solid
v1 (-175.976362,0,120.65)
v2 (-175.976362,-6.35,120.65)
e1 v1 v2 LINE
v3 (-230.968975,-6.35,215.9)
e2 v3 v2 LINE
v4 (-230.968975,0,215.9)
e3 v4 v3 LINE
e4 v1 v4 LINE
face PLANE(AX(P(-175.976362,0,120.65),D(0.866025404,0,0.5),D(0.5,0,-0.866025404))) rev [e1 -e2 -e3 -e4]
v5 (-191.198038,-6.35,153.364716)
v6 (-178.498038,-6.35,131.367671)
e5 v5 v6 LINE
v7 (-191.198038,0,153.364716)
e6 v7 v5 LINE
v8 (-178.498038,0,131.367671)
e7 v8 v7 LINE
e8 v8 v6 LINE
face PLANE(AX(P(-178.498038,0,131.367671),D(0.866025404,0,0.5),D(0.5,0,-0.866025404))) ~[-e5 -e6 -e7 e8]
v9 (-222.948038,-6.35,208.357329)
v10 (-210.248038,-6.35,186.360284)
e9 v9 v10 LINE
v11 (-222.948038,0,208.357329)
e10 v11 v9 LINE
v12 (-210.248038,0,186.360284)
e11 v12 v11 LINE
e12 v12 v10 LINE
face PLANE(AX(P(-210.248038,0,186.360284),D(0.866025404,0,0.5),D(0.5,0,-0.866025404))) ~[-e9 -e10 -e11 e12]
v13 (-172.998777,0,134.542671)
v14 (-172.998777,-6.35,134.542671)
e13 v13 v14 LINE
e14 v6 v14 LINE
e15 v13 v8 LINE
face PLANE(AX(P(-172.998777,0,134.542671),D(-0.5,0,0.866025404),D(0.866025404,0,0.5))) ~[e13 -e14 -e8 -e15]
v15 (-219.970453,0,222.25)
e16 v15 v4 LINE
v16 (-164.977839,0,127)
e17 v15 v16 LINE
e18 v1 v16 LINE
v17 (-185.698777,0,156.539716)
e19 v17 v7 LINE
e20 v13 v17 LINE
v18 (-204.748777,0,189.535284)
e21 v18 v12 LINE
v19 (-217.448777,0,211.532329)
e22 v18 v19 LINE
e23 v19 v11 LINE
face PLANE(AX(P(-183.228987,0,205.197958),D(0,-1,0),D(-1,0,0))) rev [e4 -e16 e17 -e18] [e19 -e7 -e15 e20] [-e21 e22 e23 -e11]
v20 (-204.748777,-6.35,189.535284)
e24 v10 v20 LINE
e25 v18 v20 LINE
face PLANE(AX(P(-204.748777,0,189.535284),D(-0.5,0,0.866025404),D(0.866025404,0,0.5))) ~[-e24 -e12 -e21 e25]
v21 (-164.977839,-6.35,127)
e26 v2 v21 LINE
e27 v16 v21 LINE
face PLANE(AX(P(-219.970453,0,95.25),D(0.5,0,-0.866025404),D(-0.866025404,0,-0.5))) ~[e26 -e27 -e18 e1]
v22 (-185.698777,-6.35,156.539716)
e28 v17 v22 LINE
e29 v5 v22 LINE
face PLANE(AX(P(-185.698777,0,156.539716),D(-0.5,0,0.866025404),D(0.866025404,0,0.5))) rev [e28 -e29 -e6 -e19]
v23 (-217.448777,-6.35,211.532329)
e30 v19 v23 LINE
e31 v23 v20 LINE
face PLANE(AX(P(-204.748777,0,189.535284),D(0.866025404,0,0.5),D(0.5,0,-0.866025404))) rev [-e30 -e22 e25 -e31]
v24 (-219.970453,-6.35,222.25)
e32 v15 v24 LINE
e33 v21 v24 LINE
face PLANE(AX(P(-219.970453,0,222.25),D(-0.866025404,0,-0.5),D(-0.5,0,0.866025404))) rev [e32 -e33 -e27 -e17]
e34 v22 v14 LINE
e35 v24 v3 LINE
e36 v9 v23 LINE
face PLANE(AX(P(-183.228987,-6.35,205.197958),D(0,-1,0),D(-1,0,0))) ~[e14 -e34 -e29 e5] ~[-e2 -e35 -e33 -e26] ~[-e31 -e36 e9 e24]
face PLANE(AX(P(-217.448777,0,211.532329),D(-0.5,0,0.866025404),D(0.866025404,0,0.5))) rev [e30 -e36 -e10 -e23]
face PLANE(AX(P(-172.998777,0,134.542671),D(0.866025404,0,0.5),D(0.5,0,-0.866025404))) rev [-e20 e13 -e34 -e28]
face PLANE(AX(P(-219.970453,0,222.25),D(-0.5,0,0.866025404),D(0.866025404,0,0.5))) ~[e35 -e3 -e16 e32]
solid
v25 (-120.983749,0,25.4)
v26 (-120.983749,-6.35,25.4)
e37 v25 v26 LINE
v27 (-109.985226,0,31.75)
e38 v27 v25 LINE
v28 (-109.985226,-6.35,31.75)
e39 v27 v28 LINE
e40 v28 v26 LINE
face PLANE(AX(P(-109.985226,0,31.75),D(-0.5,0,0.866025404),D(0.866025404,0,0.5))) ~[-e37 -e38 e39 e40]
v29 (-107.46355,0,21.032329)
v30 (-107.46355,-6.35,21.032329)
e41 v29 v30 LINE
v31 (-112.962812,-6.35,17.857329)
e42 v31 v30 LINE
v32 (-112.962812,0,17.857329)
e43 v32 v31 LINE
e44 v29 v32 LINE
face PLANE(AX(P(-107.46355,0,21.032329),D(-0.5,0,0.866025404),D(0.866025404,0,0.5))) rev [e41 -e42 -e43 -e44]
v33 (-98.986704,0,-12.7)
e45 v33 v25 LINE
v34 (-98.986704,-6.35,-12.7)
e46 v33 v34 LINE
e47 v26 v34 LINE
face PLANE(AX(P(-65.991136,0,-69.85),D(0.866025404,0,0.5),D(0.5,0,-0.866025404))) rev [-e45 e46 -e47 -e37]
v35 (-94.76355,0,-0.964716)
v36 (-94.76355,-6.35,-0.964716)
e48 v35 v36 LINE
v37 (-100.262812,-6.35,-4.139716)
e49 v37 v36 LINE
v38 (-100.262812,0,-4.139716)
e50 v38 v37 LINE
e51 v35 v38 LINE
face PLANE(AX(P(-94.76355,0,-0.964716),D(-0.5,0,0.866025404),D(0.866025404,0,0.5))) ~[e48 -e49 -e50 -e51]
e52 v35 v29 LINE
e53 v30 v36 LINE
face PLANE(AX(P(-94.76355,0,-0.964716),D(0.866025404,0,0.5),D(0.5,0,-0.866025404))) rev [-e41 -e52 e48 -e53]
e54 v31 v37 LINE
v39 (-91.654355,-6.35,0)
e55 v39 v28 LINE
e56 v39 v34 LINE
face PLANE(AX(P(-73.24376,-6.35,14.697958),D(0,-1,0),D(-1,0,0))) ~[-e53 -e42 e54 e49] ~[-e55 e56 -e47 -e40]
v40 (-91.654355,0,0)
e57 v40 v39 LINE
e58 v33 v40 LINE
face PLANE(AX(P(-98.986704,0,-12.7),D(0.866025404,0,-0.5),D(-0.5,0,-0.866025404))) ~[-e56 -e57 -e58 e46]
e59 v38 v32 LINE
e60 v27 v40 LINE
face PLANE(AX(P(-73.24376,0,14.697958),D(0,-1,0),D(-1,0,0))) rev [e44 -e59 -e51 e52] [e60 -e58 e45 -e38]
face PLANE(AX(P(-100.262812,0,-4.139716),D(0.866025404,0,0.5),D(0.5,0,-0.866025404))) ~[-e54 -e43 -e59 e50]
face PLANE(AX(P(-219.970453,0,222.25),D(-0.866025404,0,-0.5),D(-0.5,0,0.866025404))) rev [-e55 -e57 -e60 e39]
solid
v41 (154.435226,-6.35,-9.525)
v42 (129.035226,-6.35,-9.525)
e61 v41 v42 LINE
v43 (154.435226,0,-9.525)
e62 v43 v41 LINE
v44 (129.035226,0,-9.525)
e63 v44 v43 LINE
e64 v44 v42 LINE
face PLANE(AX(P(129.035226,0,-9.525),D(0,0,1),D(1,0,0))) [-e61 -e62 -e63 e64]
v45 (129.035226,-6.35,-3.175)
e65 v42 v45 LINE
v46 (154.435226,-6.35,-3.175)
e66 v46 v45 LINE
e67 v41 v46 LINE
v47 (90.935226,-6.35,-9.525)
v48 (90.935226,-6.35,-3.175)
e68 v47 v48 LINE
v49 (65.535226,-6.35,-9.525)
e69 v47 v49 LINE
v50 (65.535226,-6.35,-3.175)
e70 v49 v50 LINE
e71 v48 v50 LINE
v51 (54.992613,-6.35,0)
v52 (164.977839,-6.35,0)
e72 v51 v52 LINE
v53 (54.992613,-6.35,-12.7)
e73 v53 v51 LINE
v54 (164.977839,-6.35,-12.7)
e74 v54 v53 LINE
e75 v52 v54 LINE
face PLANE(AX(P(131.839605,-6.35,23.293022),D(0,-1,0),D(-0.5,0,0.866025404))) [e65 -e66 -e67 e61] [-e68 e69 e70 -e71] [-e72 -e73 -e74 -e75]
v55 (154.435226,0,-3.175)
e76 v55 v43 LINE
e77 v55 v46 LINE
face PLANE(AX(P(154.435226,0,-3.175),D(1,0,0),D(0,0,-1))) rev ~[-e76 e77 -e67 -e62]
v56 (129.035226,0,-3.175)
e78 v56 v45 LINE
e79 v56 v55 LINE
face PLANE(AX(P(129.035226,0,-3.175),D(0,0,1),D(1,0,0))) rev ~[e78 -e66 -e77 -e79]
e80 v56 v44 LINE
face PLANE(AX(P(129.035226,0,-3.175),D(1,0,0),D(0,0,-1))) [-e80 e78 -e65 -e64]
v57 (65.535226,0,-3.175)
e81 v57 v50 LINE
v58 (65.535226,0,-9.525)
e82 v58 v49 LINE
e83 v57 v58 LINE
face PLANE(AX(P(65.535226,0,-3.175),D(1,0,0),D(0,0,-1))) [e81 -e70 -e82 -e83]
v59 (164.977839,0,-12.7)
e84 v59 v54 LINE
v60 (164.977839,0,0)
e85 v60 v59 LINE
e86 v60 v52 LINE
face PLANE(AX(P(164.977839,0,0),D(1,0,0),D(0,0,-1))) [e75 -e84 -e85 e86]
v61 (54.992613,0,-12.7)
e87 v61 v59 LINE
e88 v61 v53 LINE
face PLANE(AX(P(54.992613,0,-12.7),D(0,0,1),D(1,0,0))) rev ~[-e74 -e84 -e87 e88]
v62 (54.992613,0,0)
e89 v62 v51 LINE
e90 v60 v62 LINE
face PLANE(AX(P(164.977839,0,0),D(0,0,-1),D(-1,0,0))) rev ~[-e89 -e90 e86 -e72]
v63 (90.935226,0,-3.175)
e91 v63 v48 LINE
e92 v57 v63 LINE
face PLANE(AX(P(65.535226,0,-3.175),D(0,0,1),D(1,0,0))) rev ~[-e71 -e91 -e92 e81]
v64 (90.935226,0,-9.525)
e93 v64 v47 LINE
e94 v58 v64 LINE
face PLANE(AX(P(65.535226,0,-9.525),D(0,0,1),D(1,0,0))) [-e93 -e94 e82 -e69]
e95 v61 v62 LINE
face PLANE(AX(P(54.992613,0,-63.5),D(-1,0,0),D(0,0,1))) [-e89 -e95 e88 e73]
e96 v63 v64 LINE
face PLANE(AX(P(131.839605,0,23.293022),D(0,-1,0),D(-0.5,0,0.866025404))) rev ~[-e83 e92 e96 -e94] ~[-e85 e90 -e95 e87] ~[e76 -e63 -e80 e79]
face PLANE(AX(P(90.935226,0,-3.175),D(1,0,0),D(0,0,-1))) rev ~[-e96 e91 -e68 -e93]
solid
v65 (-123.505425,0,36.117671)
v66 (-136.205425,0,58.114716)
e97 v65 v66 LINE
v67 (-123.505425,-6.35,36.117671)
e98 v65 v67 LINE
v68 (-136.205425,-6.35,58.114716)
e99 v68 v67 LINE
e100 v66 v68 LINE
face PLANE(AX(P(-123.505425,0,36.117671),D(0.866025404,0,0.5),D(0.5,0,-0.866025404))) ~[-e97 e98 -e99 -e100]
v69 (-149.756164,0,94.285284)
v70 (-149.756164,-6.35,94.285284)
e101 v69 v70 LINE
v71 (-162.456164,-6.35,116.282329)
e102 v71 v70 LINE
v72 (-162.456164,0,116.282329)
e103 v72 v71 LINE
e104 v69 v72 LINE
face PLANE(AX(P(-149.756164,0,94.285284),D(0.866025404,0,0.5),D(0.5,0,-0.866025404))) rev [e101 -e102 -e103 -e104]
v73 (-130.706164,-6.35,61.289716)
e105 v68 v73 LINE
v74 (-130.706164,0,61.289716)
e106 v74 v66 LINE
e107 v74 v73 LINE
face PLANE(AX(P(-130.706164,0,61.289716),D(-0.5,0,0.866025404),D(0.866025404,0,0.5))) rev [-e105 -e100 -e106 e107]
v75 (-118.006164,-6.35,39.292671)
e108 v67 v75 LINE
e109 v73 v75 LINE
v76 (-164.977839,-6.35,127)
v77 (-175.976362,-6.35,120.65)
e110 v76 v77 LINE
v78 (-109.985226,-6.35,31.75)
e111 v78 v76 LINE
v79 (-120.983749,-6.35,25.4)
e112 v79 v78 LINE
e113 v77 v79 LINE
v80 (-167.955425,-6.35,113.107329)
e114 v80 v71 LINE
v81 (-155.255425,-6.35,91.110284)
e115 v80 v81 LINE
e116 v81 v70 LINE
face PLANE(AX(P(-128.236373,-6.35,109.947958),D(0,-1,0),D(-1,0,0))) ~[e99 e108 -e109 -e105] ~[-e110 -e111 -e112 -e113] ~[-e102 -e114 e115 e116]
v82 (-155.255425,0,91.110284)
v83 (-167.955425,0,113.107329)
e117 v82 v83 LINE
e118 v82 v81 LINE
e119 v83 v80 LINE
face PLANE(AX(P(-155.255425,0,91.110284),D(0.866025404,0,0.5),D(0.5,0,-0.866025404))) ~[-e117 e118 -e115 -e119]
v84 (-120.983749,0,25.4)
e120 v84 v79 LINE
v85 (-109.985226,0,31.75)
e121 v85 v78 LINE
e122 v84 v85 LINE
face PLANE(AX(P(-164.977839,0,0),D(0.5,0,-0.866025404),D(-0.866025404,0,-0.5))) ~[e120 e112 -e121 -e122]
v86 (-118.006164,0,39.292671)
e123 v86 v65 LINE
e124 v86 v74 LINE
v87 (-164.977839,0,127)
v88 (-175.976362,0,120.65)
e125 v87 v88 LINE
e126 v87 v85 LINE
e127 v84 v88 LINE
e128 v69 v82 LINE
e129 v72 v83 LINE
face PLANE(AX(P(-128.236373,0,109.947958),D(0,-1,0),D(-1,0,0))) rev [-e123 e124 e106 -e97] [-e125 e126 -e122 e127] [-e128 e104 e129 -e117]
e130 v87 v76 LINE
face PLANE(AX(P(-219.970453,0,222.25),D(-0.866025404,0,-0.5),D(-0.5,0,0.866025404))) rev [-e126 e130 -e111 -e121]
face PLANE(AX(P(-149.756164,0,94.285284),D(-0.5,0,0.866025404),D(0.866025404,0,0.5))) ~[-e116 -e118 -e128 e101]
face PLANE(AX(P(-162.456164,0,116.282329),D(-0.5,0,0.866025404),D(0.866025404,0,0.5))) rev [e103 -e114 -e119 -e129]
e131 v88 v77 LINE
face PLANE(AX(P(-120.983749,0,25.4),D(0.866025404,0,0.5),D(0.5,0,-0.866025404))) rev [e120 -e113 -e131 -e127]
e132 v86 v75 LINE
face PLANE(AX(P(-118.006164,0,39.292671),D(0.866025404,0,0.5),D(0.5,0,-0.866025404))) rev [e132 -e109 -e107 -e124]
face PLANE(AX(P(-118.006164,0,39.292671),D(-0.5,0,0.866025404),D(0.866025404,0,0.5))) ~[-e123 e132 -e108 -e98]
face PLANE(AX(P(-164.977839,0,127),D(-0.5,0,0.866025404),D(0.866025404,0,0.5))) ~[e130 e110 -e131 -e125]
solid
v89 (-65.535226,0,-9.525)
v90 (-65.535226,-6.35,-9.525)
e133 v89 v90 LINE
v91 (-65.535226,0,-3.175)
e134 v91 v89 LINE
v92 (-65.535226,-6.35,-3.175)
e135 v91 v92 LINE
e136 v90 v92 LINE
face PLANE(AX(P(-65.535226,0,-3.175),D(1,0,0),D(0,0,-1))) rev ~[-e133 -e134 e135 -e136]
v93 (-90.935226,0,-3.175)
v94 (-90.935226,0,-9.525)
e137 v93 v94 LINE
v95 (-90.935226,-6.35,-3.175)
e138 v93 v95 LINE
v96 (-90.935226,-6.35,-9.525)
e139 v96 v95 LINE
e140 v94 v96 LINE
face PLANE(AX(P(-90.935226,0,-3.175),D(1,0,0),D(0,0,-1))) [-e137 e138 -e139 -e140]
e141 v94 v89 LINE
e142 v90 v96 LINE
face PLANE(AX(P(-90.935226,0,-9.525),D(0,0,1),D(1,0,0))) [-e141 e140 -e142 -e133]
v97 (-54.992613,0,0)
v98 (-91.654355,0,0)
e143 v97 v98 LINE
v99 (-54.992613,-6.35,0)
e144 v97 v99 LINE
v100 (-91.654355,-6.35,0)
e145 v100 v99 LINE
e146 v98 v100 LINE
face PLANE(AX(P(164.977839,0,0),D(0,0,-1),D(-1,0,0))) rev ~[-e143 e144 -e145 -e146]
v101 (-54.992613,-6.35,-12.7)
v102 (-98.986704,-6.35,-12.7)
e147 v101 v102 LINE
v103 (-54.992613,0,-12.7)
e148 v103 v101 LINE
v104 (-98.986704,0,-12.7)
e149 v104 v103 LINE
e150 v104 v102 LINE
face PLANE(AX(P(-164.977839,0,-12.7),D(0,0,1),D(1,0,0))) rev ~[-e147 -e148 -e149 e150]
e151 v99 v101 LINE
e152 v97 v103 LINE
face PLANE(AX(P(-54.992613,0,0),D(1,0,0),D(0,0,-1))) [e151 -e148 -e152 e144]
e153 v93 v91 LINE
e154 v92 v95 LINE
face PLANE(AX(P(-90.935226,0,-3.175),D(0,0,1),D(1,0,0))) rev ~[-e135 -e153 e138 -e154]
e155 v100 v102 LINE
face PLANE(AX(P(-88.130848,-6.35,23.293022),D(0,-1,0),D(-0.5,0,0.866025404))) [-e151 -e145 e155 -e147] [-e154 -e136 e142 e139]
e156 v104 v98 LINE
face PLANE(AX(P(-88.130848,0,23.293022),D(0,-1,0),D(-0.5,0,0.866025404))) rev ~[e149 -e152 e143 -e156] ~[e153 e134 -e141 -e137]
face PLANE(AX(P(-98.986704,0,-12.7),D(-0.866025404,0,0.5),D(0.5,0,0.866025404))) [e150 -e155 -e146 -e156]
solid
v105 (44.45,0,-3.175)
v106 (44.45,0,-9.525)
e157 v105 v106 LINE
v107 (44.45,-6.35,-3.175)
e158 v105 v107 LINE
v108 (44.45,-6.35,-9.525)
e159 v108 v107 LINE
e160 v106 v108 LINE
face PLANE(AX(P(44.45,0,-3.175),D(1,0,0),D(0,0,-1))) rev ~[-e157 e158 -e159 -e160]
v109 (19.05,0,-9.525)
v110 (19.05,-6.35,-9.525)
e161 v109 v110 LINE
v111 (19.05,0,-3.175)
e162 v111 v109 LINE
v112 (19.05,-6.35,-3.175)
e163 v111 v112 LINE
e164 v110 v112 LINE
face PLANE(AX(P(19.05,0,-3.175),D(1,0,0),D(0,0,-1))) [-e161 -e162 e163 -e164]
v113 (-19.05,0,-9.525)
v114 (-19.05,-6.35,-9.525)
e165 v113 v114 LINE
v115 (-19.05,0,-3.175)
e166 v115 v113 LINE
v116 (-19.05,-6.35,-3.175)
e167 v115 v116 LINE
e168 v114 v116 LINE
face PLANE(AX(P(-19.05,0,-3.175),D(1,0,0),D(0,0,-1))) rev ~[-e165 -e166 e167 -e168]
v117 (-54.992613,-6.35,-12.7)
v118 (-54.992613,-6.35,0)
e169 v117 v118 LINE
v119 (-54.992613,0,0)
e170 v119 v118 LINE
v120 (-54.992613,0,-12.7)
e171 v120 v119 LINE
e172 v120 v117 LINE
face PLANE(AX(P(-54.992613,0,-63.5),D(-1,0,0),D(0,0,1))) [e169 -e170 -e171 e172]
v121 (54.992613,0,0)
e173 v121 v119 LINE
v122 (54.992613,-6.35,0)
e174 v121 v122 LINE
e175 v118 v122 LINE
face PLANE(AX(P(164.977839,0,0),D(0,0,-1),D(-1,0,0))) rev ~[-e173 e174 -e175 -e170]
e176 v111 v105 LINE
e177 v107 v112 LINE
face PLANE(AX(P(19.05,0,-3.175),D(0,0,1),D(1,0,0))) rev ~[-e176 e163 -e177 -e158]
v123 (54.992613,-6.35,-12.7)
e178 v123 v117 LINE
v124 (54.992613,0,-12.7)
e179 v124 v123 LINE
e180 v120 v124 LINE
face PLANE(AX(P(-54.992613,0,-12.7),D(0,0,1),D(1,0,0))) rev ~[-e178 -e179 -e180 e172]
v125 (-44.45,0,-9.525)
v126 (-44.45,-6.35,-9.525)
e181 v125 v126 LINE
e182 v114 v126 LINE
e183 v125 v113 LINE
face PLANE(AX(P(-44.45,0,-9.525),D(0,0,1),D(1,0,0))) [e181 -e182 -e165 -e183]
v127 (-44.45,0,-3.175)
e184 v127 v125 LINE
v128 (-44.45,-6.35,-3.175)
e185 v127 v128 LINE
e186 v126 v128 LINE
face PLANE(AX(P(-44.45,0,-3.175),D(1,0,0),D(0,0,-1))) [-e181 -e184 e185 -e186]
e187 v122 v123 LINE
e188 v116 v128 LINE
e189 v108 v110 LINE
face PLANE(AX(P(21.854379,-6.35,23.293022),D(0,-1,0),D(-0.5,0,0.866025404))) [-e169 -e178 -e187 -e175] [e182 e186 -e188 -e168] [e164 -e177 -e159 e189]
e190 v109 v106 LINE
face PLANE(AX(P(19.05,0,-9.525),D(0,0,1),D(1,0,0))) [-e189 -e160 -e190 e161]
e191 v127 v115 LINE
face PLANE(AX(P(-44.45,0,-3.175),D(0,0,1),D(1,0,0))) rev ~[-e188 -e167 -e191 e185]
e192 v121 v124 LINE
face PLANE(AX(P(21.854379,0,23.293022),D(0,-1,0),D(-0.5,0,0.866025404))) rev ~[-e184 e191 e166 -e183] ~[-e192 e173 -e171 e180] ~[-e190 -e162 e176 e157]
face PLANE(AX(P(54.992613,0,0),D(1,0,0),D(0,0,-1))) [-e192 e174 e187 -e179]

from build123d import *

# Parameters (mm, degrees)
BOSS_EXTRUDE1_DEPTH = 6.35
CUT_EXTRUDE4_DEPTH  = 111.168382488
BOSS_EXTRUDE4_DEPTH = 6.35
CIRPATTERN1_COUNT   = 2
CIRPATTERN1_ANGLE   = 60
SKETCH12_W          = 109.98522628
SKETCH12_H          = 82.55
CUT_EXTRUDE5_DEPTH  = 111.168382488
SKETCH13_W          = 25.4
SKETCH13_H          = 6.35
CUT_EXTRUDE6_DEPTH  = 64.816710194
LPATTERN1_COUNT     = 5
LPATTERN1_PITCH     = 109.985226308
LPATTERN1_2_COUNT   = 2
LPATTERN1_2_PITCH   = 109.985226308
SKETCH14_W          = 25.4
SKETCH14_H          = 6.35
CUT_EXTRUDE7_DEPTH  = 496.991504573
CUT_EXTRUDE8_DEPTH  = 431.162704792


with BuildPart() as part:
    # Sketch1 → Boss-Extrude1 (new body)
    with BuildSketch(Plane(origin=(0, 0, 0), x_dir=(1, 0, 0), z_dir=(0, 1, 0))):
        Polygon((-54.99261314, 0), (0, -31.75), (54.99261314, 0), (54.99261314, 63.5), (0, 95.25), (-54.99261314, 63.5), align=None)
    extrude(amount=-BOSS_EXTRUDE1_DEPTH)

    # Sketch10 → Cut-Extrude4 (cut, through all)
    with BuildSketch(Plane(origin=(0, 0, 0), x_dir=(1, 0, 0), z_dir=(0, 1, 0))):
        Polygon((-16.497783942, -22.225), (-7.823522628, -19.900738686), (-24.32130657, -10.375738686), (-27.49630657, -15.875), align=None)
    cut_extrude4 = extrude(amount=-CUT_EXTRUDE4_DEPTH, mode=Mode.SUBTRACT)

    # Sketch11 → Boss-Extrude4 (add)
    with BuildSketch(Plane(origin=(0, 0, 0), x_dir=(1, 0, 0), z_dir=(0, 1, 0))):
        Polygon((-27.49630657, -15.875), (-30.67130657, -21.374261314), (-47.169090512, -11.849261314), (-38.494829198, -9.525), align=None)
    boss_extrude4 = extrude(amount=-BOSS_EXTRUDE4_DEPTH)

    # CirPattern1: Cut-Extrude4, Boss-Extrude4 ×2 about axis
    cirpattern1_axis = Axis((0, 0, -31.75), (0, 1, 0))
    add([cut_extrude4.rotate(cirpattern1_axis, i * CIRPATTERN1_ANGLE / (CIRPATTERN1_COUNT - 1)) for i in range(1, CIRPATTERN1_COUNT)], mode=Mode.SUBTRACT)
    add([boss_extrude4.rotate(cirpattern1_axis, i * CIRPATTERN1_ANGLE / (CIRPATTERN1_COUNT - 1)) for i in range(1, CIRPATTERN1_COUNT)])

    # Sketch12 → Cut-Extrude5 (cut, through all)
    with BuildSketch(Plane(origin=(0, 0, 0), x_dir=(1, 0, 0), z_dir=(0, 1, 0))):
        with Locations((0, 53.975)):
            Rectangle(SKETCH12_W, SKETCH12_H)
    extrude(amount=-CUT_EXTRUDE5_DEPTH, mode=Mode.SUBTRACT)

    # Sketch13 → Cut-Extrude6 (cut, through all)
    with BuildSketch(Plane(origin=(0, 0, 0), x_dir=(1, 0, 0), z_dir=(0, 1, 0))):
        with Locations((-31.75, 6.35)):
            Rectangle(SKETCH13_W, SKETCH13_H)
        with Locations((31.75, 6.35)):
            Rectangle(SKETCH13_W, SKETCH13_H)
    extrude(amount=-CUT_EXTRUDE6_DEPTH, mode=Mode.SUBTRACT)


with BuildPart() as lpattern1_1:
    # LPattern1: pattern copy
    add(part.part.moved(Location(Vector(1, 0, 0) * (1 * LPATTERN1_PITCH))))


with BuildPart() as lpattern1_2:
    # LPattern1: pattern copy
    add(part.part.moved(Location(Vector(1, 0, 0) * (2 * LPATTERN1_PITCH))))


with BuildPart() as lpattern1_3:
    # LPattern1: pattern copy
    add(part.part.moved(Location(Vector(1, 0, 0) * (3 * LPATTERN1_PITCH))))


with BuildPart() as lpattern1_4:
    # LPattern1: pattern copy
    add(part.part.moved(Location(Vector(1, 0, 0) * (4 * LPATTERN1_PITCH))))


with BuildPart() as lpattern1_2_1:
    # LPattern1 2: pattern copy
    add(part.part.moved(Location(Vector(-1, 0, 0) * (1 * LPATTERN1_2_PITCH))))


with BuildPart() as cut_extrude7_tool:
    # Sketch14 → Cut-Extrude7 (new, through all)
    # profile 1 of 2: a face of its own
    with BuildSketch(Plane(origin=(0, 0, 0), x_dir=(1, 0, 0), z_dir=(0, 1, 0))):
        Polygon((423.44312129, -22.225), (439.940905232, -31.75), (456.438689174, -22.225), (454.11442786, -30.899261314), (470.612211802, -21.374261314), (464.262211802, -10.375738686), (480.759995744, -0.850738686), (478.43573443, -9.525), (494.933518372, 0), (494.933518372, 12.7), (428.942382604, 12.7), (415.619598662, -10.375738686), (432.117382604, -19.900738686), align=None)
        with Locations((471.690905232, 6.35)):
            Rectangle(SKETCH14_W, SKETCH14_H, mode=Mode.SUBTRACT)
    # profile 2 of 2: a face of its own
    with BuildSketch(Plane(origin=(0, 0, 0), x_dir=(1, 0, 0), z_dir=(0, 1, 0))):
        Polygon((-164.977839448, -31.75), (-109.985226308, -31.75), (-95.81170368, -30.899261314), (-79.313919738, -21.374261314), (-98.98670368, 12.7), (-164.977839448, 12.7), align=None)
    extrude(amount=-CUT_EXTRUDE7_DEPTH)


with BuildPart() as lpattern1_4_1:
    add(lpattern1_4.part)

    # Cut-Extrude7: cut by cut_extrude7_tool
    add(cut_extrude7_tool.part, mode=Mode.SUBTRACT)


with BuildPart() as lpattern1_2_1_1:
    add(lpattern1_2_1.part)

    # Cut-Extrude7: cut by cut_extrude7_tool
    add(cut_extrude7_tool.part, mode=Mode.SUBTRACT)


with BuildPart() as cut_extrude8_tool:
    # Sketch15 → Cut-Extrude8 (new, through all)
    with BuildSketch(Plane(origin=(0, 0, 0), x_dir=(1, 0, 0), z_dir=(0, 1, 0))):
        Polygon((-222.372160524, 0), (-222.372160524, -63.5), (552.327839476, -63.5), (552.327839476, 12.7), (164.977839476, 12.7), (164.977839476, 0), align=None)
    extrude(amount=-CUT_EXTRUDE8_DEPTH)


with BuildPart() as part_1:
    add(part.part)

    # Cut-Extrude8: cut by cut_extrude8_tool
    add(cut_extrude8_tool.part, mode=Mode.SUBTRACT)


with BuildPart() as lpattern1_1_1:
    add(lpattern1_1.part)

    # Cut-Extrude8: cut by cut_extrude8_tool
    add(cut_extrude8_tool.part, mode=Mode.SUBTRACT)


with BuildPart() as lpattern1_2_2:
    add(lpattern1_2.part)

    # Cut-Extrude8: cut by cut_extrude8_tool
    add(cut_extrude8_tool.part, mode=Mode.SUBTRACT)


with BuildPart() as lpattern1_3_1:
    add(lpattern1_3.part)

    # Cut-Extrude8: cut by cut_extrude8_tool
    add(cut_extrude8_tool.part, mode=Mode.SUBTRACT)


with BuildPart() as lpattern1_4_2:
    add(lpattern1_4_1.part)

    # Cut-Extrude8: cut by cut_extrude8_tool
    add(cut_extrude8_tool.part, mode=Mode.SUBTRACT)


with BuildPart() as lpattern1_2_1_2:
    add(lpattern1_2_1_1.part)

    # Cut-Extrude8: cut by cut_extrude8_tool
    add(cut_extrude8_tool.part, mode=Mode.SUBTRACT)


with BuildPart() as body_4:
    # Mirror1: mirrored copy
    add(lpattern1_2_1_2.part.mirror(Plane(origin=(-68.740766446, -6.35, 39.687500012), x_dir=(0.500000000000001, 0, 0.8660254037844382), z_dir=(0.8660254037844383, 0, -0.5000000000000009))))


with BuildPart() as body_5:
    # Mirror1 2: mirrored copy
    add(part_1.part.mirror(Plane(origin=(-68.740766446, -6.35, 39.687500012), x_dir=(0.500000000000001, 0, 0.8660254037844382), z_dir=(0.8660254037844383, 0, -0.5000000000000009))))


with BuildPart() as body_6:
    # Mirror1 3: mirrored copy
    add(lpattern1_1_1.part.mirror(Plane(origin=(-68.740766446, -6.35, 39.687500012), x_dir=(0.500000000000001, 0, 0.8660254037844382), z_dir=(0.8660254037844383, 0, -0.5000000000000009))))


solid = Compound([part_1.part, lpattern1_1_1.part, lpattern1_2_1_2.part, body_4.part, body_5.part, body_6.part])
